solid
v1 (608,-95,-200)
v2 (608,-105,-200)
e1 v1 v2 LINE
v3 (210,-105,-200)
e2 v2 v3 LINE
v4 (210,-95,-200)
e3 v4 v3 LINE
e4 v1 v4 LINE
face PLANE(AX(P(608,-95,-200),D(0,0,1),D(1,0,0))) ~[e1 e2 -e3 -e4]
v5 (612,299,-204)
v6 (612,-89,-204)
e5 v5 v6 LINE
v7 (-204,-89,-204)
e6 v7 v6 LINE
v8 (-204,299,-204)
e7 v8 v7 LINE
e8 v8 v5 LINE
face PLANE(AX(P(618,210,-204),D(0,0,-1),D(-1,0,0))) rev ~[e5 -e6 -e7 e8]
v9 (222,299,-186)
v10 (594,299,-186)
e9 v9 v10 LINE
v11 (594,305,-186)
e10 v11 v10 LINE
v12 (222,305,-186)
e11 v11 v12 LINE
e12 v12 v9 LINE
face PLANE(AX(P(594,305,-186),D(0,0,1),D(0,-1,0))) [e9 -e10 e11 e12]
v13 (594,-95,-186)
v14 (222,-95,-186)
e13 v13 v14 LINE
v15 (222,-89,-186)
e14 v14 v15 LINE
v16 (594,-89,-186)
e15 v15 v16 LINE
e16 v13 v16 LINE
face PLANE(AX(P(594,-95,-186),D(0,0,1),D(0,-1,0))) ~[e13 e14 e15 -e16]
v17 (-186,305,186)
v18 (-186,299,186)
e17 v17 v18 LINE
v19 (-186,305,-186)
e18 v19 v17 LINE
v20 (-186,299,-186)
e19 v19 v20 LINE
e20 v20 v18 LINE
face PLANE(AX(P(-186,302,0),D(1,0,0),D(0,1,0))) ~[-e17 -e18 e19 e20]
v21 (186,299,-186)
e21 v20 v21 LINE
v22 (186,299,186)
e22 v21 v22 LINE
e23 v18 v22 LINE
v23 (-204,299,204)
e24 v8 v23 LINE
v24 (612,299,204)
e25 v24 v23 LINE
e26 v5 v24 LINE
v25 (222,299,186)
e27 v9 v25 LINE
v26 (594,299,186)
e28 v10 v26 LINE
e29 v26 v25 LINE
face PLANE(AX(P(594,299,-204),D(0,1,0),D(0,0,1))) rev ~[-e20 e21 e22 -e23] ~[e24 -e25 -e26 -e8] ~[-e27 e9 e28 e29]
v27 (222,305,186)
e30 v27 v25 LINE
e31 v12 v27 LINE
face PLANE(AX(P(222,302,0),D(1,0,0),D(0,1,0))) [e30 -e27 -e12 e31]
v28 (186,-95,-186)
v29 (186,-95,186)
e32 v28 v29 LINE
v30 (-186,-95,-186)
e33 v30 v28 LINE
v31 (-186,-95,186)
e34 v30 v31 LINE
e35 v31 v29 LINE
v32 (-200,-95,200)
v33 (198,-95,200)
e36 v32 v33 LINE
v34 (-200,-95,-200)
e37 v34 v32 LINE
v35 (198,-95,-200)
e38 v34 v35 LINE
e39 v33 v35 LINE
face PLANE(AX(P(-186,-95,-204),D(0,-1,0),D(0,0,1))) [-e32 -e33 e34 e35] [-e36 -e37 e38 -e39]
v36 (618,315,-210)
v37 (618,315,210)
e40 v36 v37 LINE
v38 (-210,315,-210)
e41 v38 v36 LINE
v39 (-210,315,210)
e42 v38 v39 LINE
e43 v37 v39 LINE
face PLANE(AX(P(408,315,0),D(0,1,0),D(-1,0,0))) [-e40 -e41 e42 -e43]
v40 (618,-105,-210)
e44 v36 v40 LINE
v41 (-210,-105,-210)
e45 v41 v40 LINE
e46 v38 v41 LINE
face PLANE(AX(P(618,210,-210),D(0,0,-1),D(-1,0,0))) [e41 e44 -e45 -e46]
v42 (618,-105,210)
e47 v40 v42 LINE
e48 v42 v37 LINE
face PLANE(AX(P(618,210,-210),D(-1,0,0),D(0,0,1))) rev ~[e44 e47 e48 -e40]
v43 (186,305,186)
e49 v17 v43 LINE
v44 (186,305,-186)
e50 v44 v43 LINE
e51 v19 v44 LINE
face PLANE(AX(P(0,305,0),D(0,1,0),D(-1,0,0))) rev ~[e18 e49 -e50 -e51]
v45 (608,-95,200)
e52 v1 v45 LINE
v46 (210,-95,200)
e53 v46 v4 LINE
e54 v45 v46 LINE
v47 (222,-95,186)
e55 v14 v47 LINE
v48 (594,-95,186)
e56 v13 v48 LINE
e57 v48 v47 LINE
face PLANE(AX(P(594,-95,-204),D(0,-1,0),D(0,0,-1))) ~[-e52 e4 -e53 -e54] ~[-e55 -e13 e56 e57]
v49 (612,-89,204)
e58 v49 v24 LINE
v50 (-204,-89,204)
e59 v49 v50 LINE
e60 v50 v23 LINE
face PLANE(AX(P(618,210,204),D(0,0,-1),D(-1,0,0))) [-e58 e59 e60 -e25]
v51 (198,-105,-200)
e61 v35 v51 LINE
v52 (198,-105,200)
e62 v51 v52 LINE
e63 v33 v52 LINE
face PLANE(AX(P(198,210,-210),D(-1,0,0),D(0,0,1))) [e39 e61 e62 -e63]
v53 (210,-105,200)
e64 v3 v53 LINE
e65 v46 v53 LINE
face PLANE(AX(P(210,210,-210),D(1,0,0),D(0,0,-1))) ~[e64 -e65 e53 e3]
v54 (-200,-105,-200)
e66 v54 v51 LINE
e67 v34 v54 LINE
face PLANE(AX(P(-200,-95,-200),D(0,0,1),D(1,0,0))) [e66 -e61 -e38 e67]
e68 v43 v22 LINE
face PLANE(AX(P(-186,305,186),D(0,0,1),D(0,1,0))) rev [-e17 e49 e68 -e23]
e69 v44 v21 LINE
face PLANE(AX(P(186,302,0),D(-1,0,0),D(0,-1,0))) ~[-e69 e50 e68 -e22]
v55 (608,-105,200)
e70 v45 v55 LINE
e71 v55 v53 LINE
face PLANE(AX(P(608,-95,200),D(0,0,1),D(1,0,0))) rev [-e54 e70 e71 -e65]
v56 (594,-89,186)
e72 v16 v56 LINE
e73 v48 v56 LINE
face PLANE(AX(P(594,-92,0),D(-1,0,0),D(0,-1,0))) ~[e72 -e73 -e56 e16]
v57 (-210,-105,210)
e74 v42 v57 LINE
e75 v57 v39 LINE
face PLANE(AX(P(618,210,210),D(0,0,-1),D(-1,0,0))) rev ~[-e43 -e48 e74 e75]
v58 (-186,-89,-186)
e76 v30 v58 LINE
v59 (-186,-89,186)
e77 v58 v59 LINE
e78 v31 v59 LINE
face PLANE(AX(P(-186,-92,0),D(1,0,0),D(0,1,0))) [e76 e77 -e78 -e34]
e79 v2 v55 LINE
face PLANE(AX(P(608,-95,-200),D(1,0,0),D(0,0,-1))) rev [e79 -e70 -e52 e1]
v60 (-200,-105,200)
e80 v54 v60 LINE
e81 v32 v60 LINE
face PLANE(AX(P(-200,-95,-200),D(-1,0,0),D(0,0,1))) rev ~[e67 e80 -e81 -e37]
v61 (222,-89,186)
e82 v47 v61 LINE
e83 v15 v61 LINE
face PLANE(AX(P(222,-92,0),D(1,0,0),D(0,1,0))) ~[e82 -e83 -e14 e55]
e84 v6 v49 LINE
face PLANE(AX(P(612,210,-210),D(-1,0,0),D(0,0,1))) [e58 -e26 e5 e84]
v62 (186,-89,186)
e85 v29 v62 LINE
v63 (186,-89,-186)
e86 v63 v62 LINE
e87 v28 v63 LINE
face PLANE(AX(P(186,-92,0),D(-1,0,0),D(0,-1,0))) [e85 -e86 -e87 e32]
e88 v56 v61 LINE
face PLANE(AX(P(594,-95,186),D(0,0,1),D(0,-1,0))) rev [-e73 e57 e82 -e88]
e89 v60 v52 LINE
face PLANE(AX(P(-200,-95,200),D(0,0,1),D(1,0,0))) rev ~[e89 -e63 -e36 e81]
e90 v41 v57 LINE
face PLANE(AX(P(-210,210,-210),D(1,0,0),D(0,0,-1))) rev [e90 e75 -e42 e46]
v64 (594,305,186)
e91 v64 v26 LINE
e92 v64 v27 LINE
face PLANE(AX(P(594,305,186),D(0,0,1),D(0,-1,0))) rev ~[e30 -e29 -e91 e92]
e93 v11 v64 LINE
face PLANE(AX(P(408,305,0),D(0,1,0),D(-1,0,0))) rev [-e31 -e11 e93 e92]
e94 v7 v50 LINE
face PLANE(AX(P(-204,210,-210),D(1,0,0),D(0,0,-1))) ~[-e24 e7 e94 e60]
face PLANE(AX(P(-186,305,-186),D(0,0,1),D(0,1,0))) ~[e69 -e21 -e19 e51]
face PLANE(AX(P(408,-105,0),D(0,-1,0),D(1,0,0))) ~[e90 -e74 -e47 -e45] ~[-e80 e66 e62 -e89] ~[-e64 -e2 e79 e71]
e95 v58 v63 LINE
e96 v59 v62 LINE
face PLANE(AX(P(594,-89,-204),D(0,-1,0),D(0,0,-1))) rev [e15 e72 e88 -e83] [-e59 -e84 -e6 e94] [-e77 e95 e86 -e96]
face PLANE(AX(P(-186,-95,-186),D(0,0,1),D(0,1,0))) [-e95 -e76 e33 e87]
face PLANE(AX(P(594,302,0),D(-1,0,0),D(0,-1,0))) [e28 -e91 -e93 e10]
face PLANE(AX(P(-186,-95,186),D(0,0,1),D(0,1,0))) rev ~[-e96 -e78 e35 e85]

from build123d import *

# Parameters (mm, degrees)
F0_W      = 420
F0_H      = 420
F1_DEPTH  = 105
F2_T      = -6
F3_W      = 6
F3_H      = 408
F4_DEPTH  = 18
F5_W      = 6
F5_H      = 408
F6_DEPTH  = 18
F7_W      = 6
F7_H      = 18
F8_DEPTH  = 372
F9_W      = 6
F9_H      = 18
F10_DEPTH = 372
F11_W     = 408
F11_H     = 408
F11_W_2   = 400
F11_H_2   = 400
F12_DEPTH = 10
F14_DEPTH = 25.4
F15_W     = 400
F15_H     = 400
F16_DEPTH = 10
F18_DEPTH = 25.4


with BuildPart() as f1:
    # F0 (on Front) → F1 (new body, symmetric)
    with BuildSketch(Plane.XZ):
        Rectangle(F0_W, F0_H)
    extrude(amount=F1_DEPTH, both=True)

    # F2
    f2_openings = [f1.faces().sort_by_distance(p)[0] for p in [
        (0, -105, 0),
    ]]
    offset(amount=F2_T, openings=f2_openings)

    # F3 (on face) → F4 (join)
    with BuildSketch(Plane.YZ.offset(-204)):
        with Locations((-92, 0)):
            Rectangle(F3_W, F3_H)
    extrude(amount=F4_DEPTH)

    # F5 (on face) → F6 (join)
    with BuildSketch(Plane(origin=(204, 0, 0), x_dir=(0, -1, 0), z_dir=(-1, 0, 0))):
        with Locations((92, 0)):
            Rectangle(F5_W, F5_H)
    extrude(amount=F6_DEPTH)

    # F7 (on face) → F8 (join, through all)
    with BuildSketch(Plane.YZ.offset(-186)):
        with Locations((-92, 195)):
            Rectangle(F7_W, F7_H)
    extrude(amount=F8_DEPTH)

    # F9 (on face) → F10 (join, through all)
    with BuildSketch(Plane.YZ.offset(-186)):
        with Locations((-92, -195)):
            Rectangle(F9_W, F9_H)
    extrude(amount=F10_DEPTH)

    # F11 (on face) → F12 (join)
    with BuildSketch(Plane.XZ.offset(95)):
        Rectangle(F11_W, F11_H)
        Rectangle(F11_W_2, F11_H_2, mode=Mode.SUBTRACT)
    extrude(amount=F12_DEPTH)

    # F13: F1 across face


with BuildPart() as f1_1:
    add(f1.part)
    add(f1.part.mirror(Plane(origin=(0, 105, 0), x_dir=(1, 0, 0), z_dir=(0, 1, 0))))

    # F14 (cut): a face of the model
    f14_faces = [f1_1.faces().sort_by_distance(p)[0] for p in [
        (0, 111, 0),
    ]]
    extrude(f14_faces, amount=-F14_DEPTH, mode=Mode.SUBTRACT)

    # F15 (on face) → F16 (join)
    with BuildSketch(Plane(origin=(0, 305, 0), x_dir=(-1, 0, 0), z_dir=(0, 1, 0))):
        Rectangle(F15_W, F15_H)
    extrude(amount=F16_DEPTH)

    # F17: F1 across face


with BuildPart() as f1_2:
    add(f1_1.part)
    add(f1_1.part.mirror(Plane(origin=(204, 105, 0), x_dir=(0, -1, 0), z_dir=(-1, 0, 0))))

    # F18 (cut): a face of the model
    f18_faces = [f1_2.faces().sort_by_distance(p)[0] for p in [
        (198, 105, 0),
    ]]
    extrude(f18_faces, amount=-F18_DEPTH, mode=Mode.SUBTRACT)


solid = f1_2.part
